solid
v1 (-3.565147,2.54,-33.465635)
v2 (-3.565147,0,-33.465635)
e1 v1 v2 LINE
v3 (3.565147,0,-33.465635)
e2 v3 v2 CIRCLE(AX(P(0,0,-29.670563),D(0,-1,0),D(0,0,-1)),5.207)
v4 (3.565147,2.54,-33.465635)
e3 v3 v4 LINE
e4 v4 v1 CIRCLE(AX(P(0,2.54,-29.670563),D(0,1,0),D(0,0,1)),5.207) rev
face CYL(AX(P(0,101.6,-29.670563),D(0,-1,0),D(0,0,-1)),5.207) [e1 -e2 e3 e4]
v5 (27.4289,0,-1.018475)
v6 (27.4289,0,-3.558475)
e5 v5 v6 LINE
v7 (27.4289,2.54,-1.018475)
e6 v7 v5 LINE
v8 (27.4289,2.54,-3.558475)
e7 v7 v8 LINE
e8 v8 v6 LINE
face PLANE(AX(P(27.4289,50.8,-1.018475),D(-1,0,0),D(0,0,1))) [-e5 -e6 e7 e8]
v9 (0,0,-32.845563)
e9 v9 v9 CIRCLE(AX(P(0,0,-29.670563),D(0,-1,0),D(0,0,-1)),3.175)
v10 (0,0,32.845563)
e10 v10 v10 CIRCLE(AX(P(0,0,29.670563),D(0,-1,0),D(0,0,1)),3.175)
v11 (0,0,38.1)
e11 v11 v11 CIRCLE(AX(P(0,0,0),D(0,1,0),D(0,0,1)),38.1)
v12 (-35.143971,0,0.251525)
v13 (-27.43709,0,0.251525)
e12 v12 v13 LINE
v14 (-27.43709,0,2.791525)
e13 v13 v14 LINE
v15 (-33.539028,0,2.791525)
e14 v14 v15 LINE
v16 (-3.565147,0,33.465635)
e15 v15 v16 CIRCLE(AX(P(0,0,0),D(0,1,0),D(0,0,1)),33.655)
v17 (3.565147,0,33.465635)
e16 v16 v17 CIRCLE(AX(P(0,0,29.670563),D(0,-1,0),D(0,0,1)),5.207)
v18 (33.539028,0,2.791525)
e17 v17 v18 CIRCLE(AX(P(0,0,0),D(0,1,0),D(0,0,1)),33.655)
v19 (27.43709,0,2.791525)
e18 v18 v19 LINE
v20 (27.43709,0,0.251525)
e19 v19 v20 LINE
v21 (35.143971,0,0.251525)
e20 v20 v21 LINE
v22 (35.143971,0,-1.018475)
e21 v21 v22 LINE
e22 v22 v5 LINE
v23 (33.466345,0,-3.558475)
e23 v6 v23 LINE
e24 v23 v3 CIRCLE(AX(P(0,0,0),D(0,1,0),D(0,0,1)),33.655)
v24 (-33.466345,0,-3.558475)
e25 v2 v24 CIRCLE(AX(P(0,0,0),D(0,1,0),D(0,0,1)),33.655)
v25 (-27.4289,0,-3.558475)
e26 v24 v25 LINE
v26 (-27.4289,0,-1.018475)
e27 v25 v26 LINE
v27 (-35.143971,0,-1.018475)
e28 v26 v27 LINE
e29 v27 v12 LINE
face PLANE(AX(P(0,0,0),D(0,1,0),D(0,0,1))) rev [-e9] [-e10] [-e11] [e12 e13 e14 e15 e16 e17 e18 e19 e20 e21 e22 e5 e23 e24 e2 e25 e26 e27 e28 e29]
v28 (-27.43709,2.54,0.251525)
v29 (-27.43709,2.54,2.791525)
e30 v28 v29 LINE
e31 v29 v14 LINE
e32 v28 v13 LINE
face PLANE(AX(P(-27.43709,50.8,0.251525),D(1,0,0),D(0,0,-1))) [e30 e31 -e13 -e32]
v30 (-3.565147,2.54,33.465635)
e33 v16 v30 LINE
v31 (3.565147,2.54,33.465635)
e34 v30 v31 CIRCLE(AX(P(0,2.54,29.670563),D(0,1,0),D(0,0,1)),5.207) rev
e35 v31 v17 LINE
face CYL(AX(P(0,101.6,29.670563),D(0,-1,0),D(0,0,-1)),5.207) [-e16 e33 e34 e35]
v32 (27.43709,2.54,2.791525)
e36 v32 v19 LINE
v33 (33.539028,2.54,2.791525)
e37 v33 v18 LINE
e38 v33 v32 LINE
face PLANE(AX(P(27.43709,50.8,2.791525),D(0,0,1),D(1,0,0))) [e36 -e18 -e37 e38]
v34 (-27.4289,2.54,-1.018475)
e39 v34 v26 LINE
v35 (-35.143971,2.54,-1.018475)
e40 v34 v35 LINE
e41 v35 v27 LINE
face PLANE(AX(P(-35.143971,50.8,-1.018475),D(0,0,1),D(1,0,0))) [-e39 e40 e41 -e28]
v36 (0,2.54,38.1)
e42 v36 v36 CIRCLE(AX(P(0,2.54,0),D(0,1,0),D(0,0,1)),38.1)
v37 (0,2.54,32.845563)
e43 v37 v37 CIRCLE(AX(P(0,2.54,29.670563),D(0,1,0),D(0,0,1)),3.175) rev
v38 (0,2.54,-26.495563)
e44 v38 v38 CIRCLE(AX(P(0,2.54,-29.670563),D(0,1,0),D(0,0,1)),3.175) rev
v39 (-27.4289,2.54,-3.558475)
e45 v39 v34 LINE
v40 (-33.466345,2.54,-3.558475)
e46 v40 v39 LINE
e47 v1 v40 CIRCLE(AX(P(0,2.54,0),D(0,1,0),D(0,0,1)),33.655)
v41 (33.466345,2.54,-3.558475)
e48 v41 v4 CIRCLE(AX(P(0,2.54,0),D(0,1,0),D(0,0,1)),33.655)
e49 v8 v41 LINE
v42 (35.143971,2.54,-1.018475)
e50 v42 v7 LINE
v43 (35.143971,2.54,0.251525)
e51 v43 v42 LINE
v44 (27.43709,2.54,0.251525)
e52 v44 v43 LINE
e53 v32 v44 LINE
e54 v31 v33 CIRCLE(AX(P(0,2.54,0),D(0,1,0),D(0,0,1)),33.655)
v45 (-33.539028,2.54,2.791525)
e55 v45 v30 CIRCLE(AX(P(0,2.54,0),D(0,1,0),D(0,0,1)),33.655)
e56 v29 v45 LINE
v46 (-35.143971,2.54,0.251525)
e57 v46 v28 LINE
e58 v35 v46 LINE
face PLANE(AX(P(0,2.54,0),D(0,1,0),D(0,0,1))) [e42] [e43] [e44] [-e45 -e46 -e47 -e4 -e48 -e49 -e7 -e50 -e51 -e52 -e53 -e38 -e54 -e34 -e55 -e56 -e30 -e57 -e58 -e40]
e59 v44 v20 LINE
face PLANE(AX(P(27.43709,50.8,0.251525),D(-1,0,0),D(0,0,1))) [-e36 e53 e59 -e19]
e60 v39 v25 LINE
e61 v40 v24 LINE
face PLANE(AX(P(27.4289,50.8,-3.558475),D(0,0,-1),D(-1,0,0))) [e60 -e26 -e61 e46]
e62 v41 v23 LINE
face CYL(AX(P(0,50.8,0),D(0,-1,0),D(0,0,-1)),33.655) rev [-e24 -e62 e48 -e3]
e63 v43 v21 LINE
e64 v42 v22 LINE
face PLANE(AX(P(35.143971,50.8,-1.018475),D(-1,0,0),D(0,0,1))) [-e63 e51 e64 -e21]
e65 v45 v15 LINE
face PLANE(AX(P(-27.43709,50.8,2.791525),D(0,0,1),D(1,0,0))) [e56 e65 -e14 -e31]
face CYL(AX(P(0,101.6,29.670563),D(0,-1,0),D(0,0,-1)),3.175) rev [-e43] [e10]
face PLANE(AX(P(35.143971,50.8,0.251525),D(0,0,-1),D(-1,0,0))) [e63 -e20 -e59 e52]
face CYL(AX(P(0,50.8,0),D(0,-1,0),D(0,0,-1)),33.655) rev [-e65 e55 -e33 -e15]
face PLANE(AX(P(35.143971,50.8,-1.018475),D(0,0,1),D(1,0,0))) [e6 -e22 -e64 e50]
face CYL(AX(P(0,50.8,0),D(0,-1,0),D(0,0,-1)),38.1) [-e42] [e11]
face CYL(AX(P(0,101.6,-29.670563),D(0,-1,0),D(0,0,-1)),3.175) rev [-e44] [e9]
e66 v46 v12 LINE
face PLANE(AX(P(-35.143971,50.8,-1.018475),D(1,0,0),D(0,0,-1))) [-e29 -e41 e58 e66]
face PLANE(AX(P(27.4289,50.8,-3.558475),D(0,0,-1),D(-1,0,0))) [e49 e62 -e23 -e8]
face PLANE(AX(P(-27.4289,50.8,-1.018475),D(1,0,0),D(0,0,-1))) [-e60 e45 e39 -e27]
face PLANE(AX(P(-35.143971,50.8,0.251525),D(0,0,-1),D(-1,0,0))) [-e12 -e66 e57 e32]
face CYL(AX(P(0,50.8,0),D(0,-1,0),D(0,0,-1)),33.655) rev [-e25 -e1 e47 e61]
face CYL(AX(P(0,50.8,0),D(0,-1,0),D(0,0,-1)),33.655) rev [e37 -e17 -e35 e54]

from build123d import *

# Parameters (mm, degrees)
SKETCH1_R           = 38.1
BOSS_EXTRUDE1_DEPTH = 50.8
SKETCH4_R           = 38.1
BOSS_EXTRUDE2_DEPTH = 50.8
SKETCH5_R           = 5.207
SKETCH5_R_2         = 3.175
BOSS_EXTRUDE3_DEPTH = 101.6
CUT_EXTRUDE1_START  = -99.06
SKETCH7_R           = 38.1
CUT_EXTRUDE1_DEPTH  = 99.06


with BuildPart() as part:
    # Sketch1 → Boss-Extrude1 (new body)
    with BuildSketch(Plane(origin=(0, 0, 0), x_dir=(1, 0, 0), z_dir=(0, 1, 0))):
        with Locations(Location((0, 0, 0), (0, 0, 270))):
            Circle(SKETCH1_R)
        with BuildLine():
            Line((-35.143970714, 1.018475327), (-35.143970714, -0.251524673))
            Line((-35.143970714, -0.251524673), (-27.437089542, -0.251524673))
            Line((-27.437089542, -0.251524673), (-27.437089542, -2.791524673))
            Line((-27.437089542, -2.791524673), (-33.539028236, -2.791524673))
            ThreePointArc((-33.539028236, -2.791524673), (0, -33.655), (33.539028236, -2.791524673))
            Line((33.539028236, -2.791524673), (27.437089542, -2.791524673))
            Line((27.437089542, -2.791524673), (27.437089542, -0.251524673))
            Line((27.437089542, -0.251524673), (35.143970714, -0.251524673))
            Line((35.143970714, -0.251524673), (35.143970714, 1.018475327))
            Line((35.143970714, 1.018475327), (27.42889968, 1.018475327))
            Line((27.42889968, 1.018475327), (27.42889968, 3.558475327))
            Line((27.42889968, 3.558475327), (33.466345458, 3.558475327))
            ThreePointArc((33.466345458, 3.558475327), (0, 33.655), (-33.466345458, 3.558475327))
            Line((-33.466345458, 3.558475327), (-27.42889968, 3.558475327))
            Line((-27.42889968, 3.558475327), (-27.42889968, 1.018475327))
            Line((-27.42889968, 1.018475327), (-35.143970714, 1.018475327))
        make_face(mode=Mode.SUBTRACT)
    extrude(amount=BOSS_EXTRUDE1_DEPTH)

    # Sketch4 → Boss-Extrude2 (add)
    with BuildSketch(Plane(origin=(0, 50.8, 0), x_dir=(1, 0, 0), z_dir=(0, 1, 0))):
        with Locations(Location((0, 0, 0), (0, 0, 270))):
            Circle(SKETCH4_R)
        with BuildLine():
            Line((33.466345458, 3.558475327), (-33.466345458, 3.558475327))
            ThreePointArc((-33.466345458, 3.558475327), (0, 33.655), (33.466345458, 3.558475327))
        make_face(mode=Mode.SUBTRACT)
        with BuildLine():
            Line((-27.42889968, 1.018475327), (27.42889968, 1.018475327))
            Line((27.42889968, 1.018475327), (27.432994611, 0.383475327))
            Line((27.432994611, 0.383475327), (33.652815212, 0.383475327))
            ThreePointArc((33.652815212, 0.383475327), (0, -33.655), (-33.652815212, 0.383475327))
            Line((-33.652815212, 0.383475327), (-27.432994611, 0.383475327))
            Line((-27.432994611, 0.383475327), (-27.42889968, 1.018475327))
        make_face(mode=Mode.SUBTRACT)
    extrude(amount=BOSS_EXTRUDE2_DEPTH)

    # Sketch5 → Boss-Extrude3 (add)
    # profile 1 of 2: a face of its own
    with BuildSketch(Plane.XZ):
        with Locations((0, -29.670562634)):
            Circle(SKETCH5_R)
        with Locations(Location((0, -29.670562634, 0), (0, 0, 270))):
            Circle(SKETCH5_R_2, mode=Mode.SUBTRACT)
    # profile 2 of 2: a face of its own
    with BuildSketch(Plane.XZ):
        with Locations((0, 29.670562634)):
            Circle(SKETCH5_R)
        with Locations(Location((0, 29.670562634, 0), (0, 0, 90))):
            Circle(SKETCH5_R_2, mode=Mode.SUBTRACT)
    extrude(amount=-BOSS_EXTRUDE3_DEPTH)

    # Sketch7 → Cut-Extrude1 (cut)
    with BuildSketch(Plane(origin=(0, 101.6, 0), x_dir=(1, 0, 0), z_dir=(0, 1, 0)).offset(CUT_EXTRUDE1_START)):
        with Locations(Location((0, 0, 0), (0, 0, 270))):
            Circle(SKETCH7_R)
    extrude(amount=CUT_EXTRUDE1_DEPTH, mode=Mode.SUBTRACT)


solid = part.part
